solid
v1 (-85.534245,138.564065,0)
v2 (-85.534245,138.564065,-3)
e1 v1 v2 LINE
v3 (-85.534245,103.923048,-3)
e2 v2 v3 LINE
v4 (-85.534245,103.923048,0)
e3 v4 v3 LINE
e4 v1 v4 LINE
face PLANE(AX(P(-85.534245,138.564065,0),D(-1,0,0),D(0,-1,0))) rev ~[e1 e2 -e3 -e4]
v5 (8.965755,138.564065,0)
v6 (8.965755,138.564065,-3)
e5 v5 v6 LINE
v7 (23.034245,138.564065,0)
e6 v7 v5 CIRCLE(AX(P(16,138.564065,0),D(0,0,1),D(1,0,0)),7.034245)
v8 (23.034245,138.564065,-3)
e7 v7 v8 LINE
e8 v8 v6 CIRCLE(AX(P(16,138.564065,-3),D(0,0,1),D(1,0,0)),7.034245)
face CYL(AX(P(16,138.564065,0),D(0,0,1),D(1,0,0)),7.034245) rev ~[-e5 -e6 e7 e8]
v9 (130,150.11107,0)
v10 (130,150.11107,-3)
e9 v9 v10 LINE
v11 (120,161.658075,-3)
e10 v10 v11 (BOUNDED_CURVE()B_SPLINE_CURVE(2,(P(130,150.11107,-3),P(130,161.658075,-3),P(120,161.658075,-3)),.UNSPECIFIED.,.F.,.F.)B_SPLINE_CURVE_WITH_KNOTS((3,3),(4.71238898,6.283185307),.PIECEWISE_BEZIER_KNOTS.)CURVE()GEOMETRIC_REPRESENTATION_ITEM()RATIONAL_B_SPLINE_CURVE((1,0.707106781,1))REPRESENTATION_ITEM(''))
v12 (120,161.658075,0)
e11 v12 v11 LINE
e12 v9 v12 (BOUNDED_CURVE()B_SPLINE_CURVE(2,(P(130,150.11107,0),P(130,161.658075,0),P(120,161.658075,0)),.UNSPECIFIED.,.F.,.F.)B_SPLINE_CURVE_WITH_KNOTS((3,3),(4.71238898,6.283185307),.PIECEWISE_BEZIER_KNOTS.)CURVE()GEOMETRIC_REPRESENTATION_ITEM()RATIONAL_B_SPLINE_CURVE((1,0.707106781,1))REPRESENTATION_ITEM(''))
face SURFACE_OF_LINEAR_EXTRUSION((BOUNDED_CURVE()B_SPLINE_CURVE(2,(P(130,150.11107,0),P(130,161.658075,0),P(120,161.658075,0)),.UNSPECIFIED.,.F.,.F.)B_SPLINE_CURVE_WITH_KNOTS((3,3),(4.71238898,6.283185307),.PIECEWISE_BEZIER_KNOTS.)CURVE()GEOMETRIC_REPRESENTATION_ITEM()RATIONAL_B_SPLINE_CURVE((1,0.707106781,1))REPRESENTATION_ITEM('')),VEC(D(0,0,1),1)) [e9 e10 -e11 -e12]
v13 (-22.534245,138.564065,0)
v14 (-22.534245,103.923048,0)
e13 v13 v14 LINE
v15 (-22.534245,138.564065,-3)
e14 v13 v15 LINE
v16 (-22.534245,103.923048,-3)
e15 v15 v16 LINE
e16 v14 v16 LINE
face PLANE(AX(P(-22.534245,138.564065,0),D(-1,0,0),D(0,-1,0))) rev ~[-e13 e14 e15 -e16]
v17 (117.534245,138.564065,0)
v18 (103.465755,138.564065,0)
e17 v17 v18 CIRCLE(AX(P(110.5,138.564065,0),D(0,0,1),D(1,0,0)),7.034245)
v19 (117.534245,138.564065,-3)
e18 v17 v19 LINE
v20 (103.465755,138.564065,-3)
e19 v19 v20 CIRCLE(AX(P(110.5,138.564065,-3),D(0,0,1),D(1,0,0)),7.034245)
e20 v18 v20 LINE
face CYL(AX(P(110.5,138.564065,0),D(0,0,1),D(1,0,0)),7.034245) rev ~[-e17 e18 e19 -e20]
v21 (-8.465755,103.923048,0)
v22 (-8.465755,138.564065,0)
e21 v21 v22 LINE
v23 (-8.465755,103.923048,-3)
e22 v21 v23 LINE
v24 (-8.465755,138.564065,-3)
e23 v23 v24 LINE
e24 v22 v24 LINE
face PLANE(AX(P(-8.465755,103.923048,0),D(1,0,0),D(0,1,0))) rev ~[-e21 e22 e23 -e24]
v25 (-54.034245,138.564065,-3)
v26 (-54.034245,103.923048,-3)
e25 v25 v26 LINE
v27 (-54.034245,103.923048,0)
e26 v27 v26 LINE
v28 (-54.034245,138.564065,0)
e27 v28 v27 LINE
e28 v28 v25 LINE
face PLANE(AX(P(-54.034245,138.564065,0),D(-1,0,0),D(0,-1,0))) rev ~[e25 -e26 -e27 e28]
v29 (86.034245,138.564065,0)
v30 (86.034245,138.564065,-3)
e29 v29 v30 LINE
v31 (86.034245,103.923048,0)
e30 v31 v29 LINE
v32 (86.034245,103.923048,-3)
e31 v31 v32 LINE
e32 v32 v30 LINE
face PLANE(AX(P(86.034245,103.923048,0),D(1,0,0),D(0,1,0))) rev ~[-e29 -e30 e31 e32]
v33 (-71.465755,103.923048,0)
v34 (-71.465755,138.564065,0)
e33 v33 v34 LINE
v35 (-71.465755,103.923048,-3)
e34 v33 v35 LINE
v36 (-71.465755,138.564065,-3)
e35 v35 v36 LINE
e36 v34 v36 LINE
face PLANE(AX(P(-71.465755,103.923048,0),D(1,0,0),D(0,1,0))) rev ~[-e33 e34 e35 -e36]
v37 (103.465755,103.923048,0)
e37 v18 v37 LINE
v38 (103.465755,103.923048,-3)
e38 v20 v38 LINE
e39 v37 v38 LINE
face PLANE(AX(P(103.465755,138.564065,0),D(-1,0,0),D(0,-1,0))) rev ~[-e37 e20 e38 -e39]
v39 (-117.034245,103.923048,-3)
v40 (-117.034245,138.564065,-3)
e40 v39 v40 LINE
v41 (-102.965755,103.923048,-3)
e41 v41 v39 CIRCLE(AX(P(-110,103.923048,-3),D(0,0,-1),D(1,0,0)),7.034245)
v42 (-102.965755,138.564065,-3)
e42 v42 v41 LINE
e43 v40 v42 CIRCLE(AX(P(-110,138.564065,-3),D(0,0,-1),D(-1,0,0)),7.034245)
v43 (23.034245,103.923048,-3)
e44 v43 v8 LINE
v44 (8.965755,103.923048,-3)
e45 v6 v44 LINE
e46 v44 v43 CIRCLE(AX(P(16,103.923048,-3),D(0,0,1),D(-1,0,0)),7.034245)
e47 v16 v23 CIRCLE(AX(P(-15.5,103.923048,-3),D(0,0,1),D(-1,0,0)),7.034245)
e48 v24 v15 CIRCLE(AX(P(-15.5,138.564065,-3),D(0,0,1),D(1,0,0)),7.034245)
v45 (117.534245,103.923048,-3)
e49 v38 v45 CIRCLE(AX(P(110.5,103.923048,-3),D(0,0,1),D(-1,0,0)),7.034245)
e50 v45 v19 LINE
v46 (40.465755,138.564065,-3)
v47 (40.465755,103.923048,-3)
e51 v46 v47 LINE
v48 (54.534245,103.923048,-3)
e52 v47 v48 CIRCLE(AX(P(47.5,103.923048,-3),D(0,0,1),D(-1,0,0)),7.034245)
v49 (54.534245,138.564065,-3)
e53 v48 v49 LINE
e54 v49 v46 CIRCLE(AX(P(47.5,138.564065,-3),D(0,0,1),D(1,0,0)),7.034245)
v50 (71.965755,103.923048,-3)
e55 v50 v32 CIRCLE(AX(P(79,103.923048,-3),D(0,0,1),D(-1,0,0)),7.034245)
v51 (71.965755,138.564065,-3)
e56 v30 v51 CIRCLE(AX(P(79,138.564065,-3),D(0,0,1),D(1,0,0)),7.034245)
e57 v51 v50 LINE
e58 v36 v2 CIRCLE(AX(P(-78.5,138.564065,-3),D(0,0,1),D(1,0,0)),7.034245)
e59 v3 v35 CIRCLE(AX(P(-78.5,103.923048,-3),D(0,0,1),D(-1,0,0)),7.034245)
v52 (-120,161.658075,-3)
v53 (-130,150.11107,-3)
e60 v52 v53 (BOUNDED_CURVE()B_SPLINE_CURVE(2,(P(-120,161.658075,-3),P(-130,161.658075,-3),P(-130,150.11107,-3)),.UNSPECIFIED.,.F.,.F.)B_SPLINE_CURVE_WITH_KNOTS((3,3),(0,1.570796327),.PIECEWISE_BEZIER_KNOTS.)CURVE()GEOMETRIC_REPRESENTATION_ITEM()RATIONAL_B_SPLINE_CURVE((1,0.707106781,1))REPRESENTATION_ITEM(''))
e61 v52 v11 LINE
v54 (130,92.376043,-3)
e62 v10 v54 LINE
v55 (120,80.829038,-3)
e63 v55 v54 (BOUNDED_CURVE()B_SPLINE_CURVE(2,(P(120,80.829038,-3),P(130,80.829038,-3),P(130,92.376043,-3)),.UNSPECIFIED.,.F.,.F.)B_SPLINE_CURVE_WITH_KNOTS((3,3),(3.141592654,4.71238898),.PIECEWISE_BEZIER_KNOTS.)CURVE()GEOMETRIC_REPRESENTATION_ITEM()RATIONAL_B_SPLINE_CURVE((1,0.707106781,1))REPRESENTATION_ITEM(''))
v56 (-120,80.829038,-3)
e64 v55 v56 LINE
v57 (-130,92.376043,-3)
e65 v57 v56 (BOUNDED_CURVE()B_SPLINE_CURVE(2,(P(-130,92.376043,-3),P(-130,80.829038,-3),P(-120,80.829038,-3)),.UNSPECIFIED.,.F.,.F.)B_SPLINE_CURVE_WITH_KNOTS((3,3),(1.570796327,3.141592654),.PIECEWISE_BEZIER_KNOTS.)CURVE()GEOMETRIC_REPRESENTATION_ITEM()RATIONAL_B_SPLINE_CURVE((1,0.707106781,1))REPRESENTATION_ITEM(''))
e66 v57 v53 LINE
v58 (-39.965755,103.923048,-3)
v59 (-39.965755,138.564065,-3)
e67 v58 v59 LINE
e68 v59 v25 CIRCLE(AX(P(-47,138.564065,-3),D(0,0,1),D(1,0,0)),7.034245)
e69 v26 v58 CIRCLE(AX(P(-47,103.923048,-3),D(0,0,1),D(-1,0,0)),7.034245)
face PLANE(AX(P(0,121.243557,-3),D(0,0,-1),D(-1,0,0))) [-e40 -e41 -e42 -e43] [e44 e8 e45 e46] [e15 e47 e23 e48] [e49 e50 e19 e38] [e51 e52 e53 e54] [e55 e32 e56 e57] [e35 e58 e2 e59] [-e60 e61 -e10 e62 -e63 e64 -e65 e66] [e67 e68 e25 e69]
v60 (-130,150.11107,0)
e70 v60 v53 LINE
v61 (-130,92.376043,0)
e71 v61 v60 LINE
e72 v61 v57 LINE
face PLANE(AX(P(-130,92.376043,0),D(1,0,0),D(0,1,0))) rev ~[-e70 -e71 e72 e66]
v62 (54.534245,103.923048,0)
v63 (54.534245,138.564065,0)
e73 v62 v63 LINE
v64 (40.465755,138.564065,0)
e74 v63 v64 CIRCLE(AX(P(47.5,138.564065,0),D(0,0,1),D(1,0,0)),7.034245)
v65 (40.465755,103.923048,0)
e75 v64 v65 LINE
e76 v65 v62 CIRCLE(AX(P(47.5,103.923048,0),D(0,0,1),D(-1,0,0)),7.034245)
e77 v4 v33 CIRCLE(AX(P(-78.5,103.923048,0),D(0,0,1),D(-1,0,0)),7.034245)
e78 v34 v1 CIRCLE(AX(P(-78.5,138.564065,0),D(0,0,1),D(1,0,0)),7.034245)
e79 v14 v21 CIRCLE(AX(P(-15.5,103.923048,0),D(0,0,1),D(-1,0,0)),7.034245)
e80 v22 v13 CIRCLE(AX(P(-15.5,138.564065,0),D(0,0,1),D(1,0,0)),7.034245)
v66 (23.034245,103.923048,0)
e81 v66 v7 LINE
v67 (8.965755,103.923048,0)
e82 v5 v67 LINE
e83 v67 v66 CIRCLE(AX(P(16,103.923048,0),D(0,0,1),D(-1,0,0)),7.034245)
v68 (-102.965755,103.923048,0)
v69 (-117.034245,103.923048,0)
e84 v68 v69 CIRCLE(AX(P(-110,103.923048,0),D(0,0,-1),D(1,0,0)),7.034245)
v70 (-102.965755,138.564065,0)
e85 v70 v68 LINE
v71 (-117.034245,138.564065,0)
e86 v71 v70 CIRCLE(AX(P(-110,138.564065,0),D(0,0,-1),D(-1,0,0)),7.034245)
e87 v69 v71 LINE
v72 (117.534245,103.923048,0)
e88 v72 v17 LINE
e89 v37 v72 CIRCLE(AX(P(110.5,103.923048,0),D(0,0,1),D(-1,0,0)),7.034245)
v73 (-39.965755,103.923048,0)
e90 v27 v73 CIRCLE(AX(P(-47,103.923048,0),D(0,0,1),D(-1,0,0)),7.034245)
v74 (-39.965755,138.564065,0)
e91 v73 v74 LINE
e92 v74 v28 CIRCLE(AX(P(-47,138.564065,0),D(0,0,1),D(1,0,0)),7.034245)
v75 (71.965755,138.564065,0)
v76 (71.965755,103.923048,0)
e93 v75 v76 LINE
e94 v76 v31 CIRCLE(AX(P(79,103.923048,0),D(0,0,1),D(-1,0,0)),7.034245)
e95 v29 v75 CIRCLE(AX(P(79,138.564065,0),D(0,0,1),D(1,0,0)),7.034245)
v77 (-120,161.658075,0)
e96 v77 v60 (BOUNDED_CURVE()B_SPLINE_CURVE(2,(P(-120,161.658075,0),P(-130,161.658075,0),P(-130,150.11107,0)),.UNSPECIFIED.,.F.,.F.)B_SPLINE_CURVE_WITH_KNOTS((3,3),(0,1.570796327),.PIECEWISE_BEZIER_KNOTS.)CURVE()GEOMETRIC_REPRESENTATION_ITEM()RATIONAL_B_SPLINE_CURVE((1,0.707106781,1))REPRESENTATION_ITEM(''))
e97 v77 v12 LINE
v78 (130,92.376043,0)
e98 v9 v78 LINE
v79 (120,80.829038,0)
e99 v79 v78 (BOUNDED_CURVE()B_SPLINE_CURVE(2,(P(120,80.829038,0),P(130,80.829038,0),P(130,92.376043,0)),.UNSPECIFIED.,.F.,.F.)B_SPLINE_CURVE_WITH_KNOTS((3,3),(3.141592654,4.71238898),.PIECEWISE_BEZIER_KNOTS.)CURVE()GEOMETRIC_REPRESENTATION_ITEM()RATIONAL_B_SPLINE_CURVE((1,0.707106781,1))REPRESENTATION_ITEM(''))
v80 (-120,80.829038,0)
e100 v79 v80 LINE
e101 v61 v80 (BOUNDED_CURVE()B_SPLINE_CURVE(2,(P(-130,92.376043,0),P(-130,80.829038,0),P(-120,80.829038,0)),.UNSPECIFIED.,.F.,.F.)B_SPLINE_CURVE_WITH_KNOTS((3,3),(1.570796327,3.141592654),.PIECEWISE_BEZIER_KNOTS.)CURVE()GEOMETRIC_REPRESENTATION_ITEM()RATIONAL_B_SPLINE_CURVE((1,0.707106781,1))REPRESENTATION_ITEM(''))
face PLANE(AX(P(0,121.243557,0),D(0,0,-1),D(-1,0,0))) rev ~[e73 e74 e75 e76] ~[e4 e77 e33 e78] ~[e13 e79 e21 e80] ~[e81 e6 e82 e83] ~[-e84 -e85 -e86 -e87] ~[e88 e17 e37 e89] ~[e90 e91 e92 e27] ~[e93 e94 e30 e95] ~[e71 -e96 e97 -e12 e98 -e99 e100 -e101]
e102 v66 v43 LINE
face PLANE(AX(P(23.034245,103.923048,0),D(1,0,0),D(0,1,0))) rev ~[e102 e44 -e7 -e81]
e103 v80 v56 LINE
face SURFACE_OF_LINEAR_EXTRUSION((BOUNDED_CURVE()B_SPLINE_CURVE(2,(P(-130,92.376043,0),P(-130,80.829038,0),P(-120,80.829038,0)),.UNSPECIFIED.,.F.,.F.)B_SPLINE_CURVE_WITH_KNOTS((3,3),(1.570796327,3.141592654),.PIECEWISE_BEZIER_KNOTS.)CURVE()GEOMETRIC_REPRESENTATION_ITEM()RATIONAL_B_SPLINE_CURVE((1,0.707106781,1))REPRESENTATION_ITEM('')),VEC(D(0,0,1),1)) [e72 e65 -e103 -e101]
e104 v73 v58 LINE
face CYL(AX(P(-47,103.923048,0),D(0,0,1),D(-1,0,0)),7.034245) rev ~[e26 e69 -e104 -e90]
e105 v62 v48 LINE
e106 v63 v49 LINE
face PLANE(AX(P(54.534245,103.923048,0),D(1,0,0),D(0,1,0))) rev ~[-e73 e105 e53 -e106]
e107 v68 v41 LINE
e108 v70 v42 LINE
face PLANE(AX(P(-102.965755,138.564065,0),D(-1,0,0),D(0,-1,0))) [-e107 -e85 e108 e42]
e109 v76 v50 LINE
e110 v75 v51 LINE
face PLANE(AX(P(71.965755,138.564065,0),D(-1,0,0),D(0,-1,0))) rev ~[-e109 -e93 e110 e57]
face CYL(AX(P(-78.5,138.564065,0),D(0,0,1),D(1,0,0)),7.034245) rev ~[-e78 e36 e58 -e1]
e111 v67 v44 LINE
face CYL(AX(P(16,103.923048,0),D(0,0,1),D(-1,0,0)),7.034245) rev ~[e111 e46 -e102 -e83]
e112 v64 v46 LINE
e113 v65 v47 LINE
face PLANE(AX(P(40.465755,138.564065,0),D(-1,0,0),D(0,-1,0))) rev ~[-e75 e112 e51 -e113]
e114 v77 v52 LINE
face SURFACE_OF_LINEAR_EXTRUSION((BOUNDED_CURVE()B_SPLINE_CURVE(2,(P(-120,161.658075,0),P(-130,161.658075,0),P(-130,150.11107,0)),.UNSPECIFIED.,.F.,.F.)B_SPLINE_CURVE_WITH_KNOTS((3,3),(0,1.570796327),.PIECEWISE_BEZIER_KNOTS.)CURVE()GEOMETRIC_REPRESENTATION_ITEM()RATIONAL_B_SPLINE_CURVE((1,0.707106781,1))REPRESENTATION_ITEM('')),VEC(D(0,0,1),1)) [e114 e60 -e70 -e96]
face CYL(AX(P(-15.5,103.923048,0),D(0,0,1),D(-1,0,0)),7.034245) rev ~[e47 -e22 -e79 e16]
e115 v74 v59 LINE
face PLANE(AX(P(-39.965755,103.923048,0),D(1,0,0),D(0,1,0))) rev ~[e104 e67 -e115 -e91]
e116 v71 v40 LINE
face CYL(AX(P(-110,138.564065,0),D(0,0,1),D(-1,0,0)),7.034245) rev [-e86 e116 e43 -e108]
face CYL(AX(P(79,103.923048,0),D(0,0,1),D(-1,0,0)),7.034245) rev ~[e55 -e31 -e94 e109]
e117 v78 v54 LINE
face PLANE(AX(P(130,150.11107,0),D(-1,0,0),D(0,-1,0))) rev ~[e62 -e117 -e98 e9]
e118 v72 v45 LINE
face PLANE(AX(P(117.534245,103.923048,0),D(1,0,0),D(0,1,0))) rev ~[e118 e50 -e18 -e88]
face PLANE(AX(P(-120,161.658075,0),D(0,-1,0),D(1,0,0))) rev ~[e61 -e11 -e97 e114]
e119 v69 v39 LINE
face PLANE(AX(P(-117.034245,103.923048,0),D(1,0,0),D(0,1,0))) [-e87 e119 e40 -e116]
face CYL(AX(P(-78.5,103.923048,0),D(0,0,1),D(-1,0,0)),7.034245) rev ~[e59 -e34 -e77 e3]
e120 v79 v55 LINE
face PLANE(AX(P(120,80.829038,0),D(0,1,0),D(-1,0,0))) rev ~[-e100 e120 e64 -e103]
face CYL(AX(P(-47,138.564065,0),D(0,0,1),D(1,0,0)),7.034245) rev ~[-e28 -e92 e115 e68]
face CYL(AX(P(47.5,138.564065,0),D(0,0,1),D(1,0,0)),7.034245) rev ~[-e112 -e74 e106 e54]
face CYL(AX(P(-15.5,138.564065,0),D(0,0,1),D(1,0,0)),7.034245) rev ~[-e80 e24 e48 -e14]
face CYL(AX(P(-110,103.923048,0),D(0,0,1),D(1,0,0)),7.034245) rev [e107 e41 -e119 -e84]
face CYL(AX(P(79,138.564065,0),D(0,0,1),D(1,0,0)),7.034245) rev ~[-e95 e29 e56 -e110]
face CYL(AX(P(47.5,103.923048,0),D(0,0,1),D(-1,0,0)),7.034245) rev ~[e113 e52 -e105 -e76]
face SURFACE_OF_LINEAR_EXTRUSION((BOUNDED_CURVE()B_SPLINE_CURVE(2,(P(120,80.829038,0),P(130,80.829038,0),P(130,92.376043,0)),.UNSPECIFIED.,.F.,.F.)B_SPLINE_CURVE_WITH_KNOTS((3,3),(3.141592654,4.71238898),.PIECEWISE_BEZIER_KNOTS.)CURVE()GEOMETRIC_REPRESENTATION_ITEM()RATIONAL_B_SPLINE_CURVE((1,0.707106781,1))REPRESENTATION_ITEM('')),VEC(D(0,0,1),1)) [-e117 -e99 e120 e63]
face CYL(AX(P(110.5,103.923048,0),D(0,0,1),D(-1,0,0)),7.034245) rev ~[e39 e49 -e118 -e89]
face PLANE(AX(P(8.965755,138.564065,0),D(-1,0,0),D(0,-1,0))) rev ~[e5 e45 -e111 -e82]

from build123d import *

# Parameters (mm, degrees)
BOSS_EXTRUDE1_DEPTH = 3


with BuildPart() as part:
    # Sketch1 → Boss-Extrude1 (new body)
    with BuildSketch(Plane.XY):
        with BuildLine():
            Line((120, 80.829037687), (-120, 80.829037687))
            add(Edge.make_bspline(
                [(-130, 92.37604307), (-130, 80.829037687), (-120, 80.829037687)],
                knots=[1.570796327, 1.570796327, 1.570796327, 3.141592654, 3.141592654, 3.141592654], degree=2, weights=[1, 0.707106781, 1]))
            Line((-130, 92.37604307), (-130, 150.111069989))
            add(Edge.make_bspline(
                [(-120, 161.658075373), (-130, 161.658075373), (-130, 150.111069989)],
                knots=[0, 0, 0, 1.570796327, 1.570796327, 1.570796327], degree=2, weights=[1, 0.707106781, 1]))
            Line((-120, 161.658075373), (120, 161.658075373))
            add(Edge.make_bspline(
                [(130, 150.111069989), (130, 161.658075373), (120, 161.658075373)],
                knots=[4.71238898, 4.71238898, 4.71238898, 6.283185307, 6.283185307, 6.283185307], degree=2, weights=[1, 0.707106781, 1]))
            Line((130, 150.111069989), (130, 92.37604307))
            add(Edge.make_bspline(
                [(120, 80.829037687), (130, 80.829037687), (130, 92.37604307)],
                knots=[3.141592654, 3.141592654, 3.141592654, 4.71238898, 4.71238898, 4.71238898], degree=2, weights=[1, 0.707106781, 1]))
        make_face()
        with BuildLine():
            Line((-102.965755224, 138.564064606), (-102.965755224, 103.923048454))
            ThreePointArc((-102.965755224, 103.923048454), (-110, 96.888803678), (-117.034244776, 103.923048454))
            Line((-117.034244776, 103.923048454), (-117.034244776, 138.564064606))
            ThreePointArc((-117.034244776, 138.564064606), (-110, 145.598309381), (-102.965755224, 138.564064606))
        make_face(mode=Mode.SUBTRACT)
        with BuildLine():
            Line((-85.534244776, 138.564064606), (-85.534244776, 103.923048454))
            ThreePointArc((-85.534244776, 103.923048454), (-78.5, 96.888803678), (-71.465755224, 103.923048454))
            Line((-71.465755224, 103.923048454), (-71.465755224, 138.564064606))
            ThreePointArc((-71.465755224, 138.564064606), (-78.5, 145.598309381), (-85.534244776, 138.564064606))
        make_face(mode=Mode.SUBTRACT)
        with BuildLine():
            Line((-54.034244776, 138.564064606), (-54.034244776, 103.923048454))
            ThreePointArc((-54.034244776, 103.923048454), (-47, 96.888803678), (-39.965755224, 103.923048454))
            Line((-39.965755224, 103.923048454), (-39.965755224, 138.564064606))
            ThreePointArc((-39.965755224, 138.564064606), (-47, 145.598309381), (-54.034244776, 138.564064606))
        make_face(mode=Mode.SUBTRACT)
        with BuildLine():
            Line((-22.534244776, 138.564064606), (-22.534244776, 103.923048454))
            ThreePointArc((-22.534244776, 103.923048454), (-15.5, 96.888803678), (-8.465755224, 103.923048454))
            Line((-8.465755224, 103.923048454), (-8.465755224, 138.564064606))
            ThreePointArc((-8.465755224, 138.564064606), (-15.5, 145.598309381), (-22.534244776, 138.564064606))
        make_face(mode=Mode.SUBTRACT)
        with BuildLine():
            Line((8.965755224, 138.564064606), (8.965755224, 103.923048454))
            ThreePointArc((8.965755224, 103.923048454), (16, 96.888803678), (23.034244776, 103.923048454))
            Line((23.034244776, 103.923048454), (23.034244776, 138.564064606))
            ThreePointArc((23.034244776, 138.564064606), (16, 145.598309381), (8.965755224, 138.564064606))
        make_face(mode=Mode.SUBTRACT)
        with BuildLine():
            Line((40.465755224, 138.564064606), (40.465755224, 103.923048454))
            ThreePointArc((40.465755224, 103.923048454), (47.5, 96.888803678), (54.534244776, 103.923048454))
            Line((54.534244776, 103.923048454), (54.534244776, 138.564064606))
            ThreePointArc((54.534244776, 138.564064606), (47.5, 145.598309381), (40.465755224, 138.564064606))
        make_face(mode=Mode.SUBTRACT)
        with BuildLine():
            Line((71.965755224, 138.564064606), (71.965755224, 103.923048454))
            ThreePointArc((71.965755224, 103.923048454), (79, 96.888803678), (86.034244776, 103.923048454))
            Line((86.034244776, 103.923048454), (86.034244776, 138.564064606))
            ThreePointArc((86.034244776, 138.564064606), (79, 145.598309381), (71.965755224, 138.564064606))
        make_face(mode=Mode.SUBTRACT)
        with BuildLine():
            Line((103.465755224, 138.564064606), (103.465755224, 103.923048454))
            ThreePointArc((103.465755224, 103.923048454), (110.5, 96.888803678), (117.534244776, 103.923048454))
            Line((117.534244776, 103.923048454), (117.534244776, 138.564064606))
            ThreePointArc((117.534244776, 138.564064606), (110.5, 145.598309381), (103.465755224, 138.564064606))
        make_face(mode=Mode.SUBTRACT)
    extrude(amount=-BOSS_EXTRUDE1_DEPTH)


solid = part.part
